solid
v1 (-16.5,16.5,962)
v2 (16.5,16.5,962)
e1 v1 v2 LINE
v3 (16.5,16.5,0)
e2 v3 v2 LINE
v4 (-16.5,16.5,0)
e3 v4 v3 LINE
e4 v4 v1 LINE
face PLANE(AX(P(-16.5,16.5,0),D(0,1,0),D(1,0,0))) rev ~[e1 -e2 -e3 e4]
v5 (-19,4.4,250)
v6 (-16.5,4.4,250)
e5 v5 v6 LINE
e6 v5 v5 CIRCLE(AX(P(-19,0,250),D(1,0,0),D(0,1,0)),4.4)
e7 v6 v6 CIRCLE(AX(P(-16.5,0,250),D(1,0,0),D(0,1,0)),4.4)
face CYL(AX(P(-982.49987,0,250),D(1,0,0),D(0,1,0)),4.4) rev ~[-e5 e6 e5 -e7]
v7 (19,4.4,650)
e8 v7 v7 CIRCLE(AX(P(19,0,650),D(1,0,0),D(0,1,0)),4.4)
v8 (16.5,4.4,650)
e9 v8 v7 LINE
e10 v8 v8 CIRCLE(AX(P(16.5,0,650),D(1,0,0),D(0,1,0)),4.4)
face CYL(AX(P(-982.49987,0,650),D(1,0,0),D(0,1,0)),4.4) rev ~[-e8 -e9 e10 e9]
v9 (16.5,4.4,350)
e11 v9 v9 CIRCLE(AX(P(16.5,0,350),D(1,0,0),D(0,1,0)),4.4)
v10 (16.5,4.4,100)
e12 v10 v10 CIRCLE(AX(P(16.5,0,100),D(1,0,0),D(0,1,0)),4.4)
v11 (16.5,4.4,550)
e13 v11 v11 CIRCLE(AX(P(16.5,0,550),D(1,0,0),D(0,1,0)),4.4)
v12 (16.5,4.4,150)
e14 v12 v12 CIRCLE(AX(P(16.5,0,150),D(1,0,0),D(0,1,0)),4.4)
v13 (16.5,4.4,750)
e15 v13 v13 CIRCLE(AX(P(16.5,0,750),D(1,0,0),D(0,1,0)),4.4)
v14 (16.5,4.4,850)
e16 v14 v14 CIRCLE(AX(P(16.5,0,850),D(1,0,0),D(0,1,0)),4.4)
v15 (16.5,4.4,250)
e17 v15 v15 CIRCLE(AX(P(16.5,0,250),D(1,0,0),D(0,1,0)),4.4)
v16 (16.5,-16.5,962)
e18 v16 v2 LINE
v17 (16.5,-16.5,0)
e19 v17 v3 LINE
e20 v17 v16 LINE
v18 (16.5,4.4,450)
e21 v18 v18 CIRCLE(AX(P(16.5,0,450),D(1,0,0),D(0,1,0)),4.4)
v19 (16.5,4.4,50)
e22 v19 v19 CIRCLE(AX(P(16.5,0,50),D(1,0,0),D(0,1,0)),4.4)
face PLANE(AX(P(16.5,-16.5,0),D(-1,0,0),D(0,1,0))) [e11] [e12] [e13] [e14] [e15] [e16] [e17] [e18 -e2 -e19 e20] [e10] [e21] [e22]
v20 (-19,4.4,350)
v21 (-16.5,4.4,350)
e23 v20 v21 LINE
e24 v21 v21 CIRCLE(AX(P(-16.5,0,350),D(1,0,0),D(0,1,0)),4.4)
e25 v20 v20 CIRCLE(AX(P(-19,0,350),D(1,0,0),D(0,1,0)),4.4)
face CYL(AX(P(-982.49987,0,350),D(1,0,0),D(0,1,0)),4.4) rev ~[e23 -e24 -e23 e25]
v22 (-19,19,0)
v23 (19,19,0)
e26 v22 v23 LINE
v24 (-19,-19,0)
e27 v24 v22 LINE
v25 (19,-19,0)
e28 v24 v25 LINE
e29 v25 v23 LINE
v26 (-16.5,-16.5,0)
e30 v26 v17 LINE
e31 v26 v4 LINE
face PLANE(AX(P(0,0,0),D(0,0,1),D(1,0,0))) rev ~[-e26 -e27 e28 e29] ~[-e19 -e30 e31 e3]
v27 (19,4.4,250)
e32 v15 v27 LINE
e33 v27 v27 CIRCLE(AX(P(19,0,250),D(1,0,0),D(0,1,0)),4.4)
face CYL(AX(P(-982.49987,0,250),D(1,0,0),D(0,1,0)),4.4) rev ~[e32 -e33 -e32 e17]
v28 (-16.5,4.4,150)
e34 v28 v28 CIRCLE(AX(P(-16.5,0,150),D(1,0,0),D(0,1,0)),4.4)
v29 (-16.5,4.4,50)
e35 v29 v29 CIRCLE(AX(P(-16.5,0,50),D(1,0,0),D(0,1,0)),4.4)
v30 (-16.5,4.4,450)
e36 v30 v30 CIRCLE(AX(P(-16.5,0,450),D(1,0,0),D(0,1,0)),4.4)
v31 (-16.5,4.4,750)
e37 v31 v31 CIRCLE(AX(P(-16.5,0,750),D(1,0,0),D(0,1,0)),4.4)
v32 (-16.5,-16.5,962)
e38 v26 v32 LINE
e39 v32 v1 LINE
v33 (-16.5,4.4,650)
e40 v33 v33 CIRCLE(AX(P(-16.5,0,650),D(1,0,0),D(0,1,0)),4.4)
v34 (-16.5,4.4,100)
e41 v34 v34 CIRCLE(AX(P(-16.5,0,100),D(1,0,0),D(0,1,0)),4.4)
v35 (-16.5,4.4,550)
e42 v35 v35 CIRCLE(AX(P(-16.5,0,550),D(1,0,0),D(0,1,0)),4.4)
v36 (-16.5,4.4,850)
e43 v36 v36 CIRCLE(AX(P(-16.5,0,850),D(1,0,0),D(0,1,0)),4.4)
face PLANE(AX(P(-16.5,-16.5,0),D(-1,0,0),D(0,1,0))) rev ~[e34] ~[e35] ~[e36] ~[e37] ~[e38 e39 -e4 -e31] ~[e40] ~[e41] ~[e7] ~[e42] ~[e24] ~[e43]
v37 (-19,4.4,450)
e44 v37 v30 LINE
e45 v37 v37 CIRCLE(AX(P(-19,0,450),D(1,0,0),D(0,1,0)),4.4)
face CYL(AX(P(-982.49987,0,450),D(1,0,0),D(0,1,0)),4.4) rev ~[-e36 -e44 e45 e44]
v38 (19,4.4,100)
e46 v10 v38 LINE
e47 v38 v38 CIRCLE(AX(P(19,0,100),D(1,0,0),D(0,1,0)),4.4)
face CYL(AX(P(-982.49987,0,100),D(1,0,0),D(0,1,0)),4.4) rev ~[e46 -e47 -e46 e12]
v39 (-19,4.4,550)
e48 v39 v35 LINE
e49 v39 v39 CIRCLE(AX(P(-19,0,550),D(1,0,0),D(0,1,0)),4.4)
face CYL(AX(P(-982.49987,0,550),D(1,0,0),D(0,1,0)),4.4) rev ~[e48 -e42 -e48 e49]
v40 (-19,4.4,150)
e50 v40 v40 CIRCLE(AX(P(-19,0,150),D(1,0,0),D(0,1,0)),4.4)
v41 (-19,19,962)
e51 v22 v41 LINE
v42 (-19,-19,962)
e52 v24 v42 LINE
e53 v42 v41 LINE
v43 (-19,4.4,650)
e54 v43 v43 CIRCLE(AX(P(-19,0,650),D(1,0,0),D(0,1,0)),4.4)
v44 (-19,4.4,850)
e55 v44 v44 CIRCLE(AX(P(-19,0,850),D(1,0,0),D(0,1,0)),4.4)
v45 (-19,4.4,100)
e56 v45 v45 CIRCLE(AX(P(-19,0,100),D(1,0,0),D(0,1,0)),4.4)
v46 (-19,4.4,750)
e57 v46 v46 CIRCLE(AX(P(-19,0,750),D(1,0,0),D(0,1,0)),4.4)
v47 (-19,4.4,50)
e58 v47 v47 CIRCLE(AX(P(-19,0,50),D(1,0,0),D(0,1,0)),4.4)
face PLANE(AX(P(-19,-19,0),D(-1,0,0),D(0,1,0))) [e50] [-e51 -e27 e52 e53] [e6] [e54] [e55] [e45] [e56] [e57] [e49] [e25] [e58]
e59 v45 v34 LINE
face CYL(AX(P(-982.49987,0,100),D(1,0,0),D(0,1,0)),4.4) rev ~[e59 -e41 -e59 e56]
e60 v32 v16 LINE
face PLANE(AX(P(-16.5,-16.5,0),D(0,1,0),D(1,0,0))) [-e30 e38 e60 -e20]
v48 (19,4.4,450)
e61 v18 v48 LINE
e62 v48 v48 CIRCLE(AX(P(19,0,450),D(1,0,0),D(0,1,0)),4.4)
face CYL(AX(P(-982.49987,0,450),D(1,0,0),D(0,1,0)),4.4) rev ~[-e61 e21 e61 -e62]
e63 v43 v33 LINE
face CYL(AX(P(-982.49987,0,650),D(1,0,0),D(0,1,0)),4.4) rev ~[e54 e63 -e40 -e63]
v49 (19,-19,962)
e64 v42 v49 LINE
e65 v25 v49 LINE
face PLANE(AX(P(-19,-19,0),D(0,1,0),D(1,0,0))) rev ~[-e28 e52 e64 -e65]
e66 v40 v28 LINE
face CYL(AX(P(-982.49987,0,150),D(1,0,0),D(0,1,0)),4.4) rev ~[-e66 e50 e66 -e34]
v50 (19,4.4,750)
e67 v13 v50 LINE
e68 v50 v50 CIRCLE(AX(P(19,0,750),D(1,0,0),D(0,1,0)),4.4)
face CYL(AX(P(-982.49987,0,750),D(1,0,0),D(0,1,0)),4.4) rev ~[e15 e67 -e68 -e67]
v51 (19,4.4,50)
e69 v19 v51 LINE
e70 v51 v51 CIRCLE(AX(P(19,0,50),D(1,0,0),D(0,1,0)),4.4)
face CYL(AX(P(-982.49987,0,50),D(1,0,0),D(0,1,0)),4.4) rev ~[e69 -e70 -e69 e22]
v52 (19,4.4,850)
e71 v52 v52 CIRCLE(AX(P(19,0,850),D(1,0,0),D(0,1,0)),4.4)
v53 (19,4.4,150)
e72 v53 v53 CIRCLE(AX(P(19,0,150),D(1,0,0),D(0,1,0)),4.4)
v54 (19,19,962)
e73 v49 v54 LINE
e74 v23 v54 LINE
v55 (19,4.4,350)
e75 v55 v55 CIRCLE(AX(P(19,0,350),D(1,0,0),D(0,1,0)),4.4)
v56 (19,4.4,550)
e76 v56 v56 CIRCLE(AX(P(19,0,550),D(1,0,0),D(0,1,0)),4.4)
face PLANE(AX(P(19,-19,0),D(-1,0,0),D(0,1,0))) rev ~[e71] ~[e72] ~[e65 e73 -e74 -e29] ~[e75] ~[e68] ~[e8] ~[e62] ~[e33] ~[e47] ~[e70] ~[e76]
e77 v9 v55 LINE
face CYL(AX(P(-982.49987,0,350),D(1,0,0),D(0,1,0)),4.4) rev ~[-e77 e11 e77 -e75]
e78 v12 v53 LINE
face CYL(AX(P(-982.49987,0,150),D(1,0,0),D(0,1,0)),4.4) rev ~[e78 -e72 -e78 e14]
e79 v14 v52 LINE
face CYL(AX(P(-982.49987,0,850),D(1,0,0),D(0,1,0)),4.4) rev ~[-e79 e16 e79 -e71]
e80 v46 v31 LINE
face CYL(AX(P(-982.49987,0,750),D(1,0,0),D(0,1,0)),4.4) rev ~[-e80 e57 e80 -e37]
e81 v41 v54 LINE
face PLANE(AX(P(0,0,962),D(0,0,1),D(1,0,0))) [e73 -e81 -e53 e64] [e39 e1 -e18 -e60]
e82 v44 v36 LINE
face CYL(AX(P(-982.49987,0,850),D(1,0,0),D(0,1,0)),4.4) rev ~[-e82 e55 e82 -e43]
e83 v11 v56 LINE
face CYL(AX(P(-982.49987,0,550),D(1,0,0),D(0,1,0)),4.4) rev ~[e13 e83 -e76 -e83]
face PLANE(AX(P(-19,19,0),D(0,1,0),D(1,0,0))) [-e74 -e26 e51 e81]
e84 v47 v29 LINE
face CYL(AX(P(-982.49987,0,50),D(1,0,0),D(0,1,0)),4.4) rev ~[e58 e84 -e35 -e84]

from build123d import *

# Parameters (mm, degrees)
F0_W     = 38
F0_H     = 38
F0_W_2   = 33
F0_H_2   = 33
F1_DEPTH = 962
F3_D     = 8.8


with BuildPart() as f1:
    # F0 (on Top) → F1 (new body)
    with BuildSketch(Plane.XY):
        Rectangle(F0_W, F0_H)
        Rectangle(F0_W_2, F0_H_2, mode=Mode.SUBTRACT)
    extrude(amount=F1_DEPTH)

    # F3 (through all)
    with Locations(Plane(origin=(-19, 0, 0), x_dir=(0, -1, 0), z_dir=(-1, 0, 0))):
        with Locations((0, 250), (0, 350), (0, 450), (0, 150), (0, 100), (0, 50), (0, 550), (0, 750), (0, 650), (0, 850)):
            Hole(F3_D / 2)


solid = f1.part
